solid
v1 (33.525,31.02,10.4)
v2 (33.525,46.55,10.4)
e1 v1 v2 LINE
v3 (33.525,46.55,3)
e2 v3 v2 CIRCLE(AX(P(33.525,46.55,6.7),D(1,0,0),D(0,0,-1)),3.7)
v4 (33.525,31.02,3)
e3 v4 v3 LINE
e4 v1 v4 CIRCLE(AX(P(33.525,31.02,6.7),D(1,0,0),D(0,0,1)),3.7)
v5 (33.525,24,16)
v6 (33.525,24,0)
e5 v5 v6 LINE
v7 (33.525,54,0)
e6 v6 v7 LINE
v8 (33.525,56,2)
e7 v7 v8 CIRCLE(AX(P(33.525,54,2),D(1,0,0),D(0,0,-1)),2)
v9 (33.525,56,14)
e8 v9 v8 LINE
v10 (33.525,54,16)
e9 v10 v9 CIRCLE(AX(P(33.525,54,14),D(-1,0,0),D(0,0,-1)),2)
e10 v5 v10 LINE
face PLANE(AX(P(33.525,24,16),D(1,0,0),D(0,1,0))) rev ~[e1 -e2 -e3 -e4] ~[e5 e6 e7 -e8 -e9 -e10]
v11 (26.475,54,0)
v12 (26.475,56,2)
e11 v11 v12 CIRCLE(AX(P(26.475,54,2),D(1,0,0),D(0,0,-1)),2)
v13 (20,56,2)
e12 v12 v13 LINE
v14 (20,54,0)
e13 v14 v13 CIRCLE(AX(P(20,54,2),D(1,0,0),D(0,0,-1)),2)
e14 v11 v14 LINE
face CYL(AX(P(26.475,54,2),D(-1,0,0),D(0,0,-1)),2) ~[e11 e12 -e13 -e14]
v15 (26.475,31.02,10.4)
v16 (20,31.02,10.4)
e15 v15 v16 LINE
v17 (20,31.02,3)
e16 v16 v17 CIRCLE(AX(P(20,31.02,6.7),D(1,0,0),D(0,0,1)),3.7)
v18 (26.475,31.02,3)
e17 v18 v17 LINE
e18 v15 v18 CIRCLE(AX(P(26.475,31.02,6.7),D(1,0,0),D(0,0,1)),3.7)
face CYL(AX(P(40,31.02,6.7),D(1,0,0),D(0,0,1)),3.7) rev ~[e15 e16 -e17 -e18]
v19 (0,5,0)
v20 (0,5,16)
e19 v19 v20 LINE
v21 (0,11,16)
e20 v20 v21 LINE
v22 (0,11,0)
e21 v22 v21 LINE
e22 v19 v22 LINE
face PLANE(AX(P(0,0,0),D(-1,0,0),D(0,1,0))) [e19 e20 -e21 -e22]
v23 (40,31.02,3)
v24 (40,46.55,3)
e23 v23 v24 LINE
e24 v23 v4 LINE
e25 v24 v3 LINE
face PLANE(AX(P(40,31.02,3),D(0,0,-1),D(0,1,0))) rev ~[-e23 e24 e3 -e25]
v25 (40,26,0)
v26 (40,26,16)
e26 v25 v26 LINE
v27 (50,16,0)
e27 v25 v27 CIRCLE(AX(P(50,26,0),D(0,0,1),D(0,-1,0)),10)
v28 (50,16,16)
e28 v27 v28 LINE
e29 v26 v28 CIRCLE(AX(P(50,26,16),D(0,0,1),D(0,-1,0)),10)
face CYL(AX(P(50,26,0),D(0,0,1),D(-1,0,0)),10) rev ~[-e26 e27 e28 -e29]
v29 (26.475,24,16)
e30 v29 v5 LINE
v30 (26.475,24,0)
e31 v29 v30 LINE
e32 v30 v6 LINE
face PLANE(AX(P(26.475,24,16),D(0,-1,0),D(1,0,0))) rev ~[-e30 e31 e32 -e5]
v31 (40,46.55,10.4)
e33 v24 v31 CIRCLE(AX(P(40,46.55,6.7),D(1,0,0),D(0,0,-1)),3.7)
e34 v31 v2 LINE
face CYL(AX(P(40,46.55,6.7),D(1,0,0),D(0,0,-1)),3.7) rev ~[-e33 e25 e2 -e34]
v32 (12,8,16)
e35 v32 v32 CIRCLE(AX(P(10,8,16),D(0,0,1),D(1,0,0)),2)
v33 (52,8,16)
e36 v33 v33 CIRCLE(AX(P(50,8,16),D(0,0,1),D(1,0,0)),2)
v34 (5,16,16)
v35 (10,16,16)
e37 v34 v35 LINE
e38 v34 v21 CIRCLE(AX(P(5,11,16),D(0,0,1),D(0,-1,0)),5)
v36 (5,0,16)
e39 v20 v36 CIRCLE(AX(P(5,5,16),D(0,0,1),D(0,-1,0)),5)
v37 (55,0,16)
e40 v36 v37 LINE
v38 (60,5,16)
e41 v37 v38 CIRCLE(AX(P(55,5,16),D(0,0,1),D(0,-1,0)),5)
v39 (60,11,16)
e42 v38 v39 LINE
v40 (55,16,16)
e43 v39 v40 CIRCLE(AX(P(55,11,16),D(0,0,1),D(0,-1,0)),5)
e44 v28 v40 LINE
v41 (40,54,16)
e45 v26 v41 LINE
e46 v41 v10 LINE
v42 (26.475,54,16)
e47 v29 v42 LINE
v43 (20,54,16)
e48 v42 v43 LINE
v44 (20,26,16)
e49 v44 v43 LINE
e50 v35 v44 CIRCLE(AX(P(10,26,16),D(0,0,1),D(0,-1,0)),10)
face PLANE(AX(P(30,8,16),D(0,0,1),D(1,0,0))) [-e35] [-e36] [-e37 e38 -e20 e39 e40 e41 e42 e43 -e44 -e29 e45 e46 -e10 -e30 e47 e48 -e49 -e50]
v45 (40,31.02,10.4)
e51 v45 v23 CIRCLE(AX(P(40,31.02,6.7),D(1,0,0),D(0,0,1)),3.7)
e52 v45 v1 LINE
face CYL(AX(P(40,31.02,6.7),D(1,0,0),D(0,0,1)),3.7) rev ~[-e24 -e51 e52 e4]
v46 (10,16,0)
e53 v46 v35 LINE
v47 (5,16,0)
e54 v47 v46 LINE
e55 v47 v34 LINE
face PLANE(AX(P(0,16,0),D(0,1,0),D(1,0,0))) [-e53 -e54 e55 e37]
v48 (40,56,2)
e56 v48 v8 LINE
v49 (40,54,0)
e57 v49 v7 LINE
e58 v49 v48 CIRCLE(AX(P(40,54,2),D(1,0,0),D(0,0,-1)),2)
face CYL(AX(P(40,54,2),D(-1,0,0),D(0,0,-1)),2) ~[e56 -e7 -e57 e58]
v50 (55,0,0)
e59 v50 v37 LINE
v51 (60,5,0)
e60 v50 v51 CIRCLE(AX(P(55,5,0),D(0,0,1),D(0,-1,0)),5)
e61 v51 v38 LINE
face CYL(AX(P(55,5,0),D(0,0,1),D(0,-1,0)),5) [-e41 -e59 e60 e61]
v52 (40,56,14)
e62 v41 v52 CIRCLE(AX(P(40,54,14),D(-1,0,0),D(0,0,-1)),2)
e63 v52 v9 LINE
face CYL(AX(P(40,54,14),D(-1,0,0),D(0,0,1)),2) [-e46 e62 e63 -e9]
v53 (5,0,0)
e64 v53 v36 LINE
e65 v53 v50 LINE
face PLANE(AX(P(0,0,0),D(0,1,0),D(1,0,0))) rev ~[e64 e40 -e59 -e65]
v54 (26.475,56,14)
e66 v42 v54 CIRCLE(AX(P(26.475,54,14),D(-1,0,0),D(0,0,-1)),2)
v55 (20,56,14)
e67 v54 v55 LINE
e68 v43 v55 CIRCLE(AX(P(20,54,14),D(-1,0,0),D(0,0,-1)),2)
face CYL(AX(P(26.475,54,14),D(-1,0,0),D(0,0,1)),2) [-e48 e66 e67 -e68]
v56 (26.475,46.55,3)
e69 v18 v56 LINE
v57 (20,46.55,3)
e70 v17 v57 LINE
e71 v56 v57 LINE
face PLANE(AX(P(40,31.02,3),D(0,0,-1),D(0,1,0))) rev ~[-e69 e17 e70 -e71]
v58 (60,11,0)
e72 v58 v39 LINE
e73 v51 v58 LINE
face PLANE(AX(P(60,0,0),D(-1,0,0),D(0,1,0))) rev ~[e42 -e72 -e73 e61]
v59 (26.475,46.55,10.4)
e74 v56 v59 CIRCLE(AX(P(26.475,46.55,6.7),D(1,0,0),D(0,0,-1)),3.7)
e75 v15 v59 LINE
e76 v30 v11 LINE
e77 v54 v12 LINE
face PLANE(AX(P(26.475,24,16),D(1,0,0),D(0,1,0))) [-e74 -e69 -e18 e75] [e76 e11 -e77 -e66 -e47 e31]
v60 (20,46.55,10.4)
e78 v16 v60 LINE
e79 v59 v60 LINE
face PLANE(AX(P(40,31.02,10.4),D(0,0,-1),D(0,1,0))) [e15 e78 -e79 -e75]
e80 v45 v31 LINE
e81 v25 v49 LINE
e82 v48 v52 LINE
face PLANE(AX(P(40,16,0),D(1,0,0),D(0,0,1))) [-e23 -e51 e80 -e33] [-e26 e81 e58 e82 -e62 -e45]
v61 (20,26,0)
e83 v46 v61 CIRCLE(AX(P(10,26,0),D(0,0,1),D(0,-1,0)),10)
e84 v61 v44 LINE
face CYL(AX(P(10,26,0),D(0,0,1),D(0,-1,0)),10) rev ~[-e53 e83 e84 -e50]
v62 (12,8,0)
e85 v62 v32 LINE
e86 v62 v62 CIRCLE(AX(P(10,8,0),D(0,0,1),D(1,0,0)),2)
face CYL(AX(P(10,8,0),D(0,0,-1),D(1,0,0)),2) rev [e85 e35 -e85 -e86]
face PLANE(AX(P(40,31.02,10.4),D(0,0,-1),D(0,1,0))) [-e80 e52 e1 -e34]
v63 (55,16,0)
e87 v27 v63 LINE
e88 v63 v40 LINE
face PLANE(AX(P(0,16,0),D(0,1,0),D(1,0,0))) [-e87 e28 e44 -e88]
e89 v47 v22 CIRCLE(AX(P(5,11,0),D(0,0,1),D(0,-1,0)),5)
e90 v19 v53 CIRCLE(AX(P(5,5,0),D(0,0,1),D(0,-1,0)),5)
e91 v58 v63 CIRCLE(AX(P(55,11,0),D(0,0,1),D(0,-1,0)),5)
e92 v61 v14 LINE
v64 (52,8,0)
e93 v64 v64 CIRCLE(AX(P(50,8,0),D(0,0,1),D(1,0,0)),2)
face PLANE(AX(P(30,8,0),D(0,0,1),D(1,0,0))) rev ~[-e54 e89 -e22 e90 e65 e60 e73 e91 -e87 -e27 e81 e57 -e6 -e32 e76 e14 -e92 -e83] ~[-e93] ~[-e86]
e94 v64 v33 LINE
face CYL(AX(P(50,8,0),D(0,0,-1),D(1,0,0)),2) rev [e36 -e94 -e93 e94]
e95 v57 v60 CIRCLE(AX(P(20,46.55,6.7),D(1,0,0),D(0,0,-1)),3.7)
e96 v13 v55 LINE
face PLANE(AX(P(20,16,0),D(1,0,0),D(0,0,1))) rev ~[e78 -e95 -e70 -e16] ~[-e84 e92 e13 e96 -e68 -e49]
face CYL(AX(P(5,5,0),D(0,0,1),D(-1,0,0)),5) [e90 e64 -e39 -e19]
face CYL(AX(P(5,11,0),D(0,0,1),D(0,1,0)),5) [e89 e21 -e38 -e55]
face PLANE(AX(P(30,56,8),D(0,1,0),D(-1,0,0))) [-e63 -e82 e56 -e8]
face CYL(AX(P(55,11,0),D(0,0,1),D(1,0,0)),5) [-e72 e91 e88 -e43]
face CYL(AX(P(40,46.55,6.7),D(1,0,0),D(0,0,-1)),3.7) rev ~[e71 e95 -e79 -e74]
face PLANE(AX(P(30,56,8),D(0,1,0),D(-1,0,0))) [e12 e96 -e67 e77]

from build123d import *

# Parameters (mm, degrees)
SKETCH_W        = 60
SKETCH_H        = 16
SKETCH_R        = 2
PAD_DEPTH       = 16
SKETCH002_W     = 20
SKETCH002_H     = 16
PAD001_DEPTH    = 40
SKETCH003_W     = 7.05
SKETCH003_H     = 32
POCKET_DEPTH    = 16.001
POCKET001_DEPTH = 40.001
FILLET_R        = 10
FILLET001_R     = 2
FILLET002_R     = 5


with BuildPart() as part:
    # Sketch → Pad (new body)
    with BuildSketch(Plane.XY):
        with Locations((30, 8)):
            Rectangle(SKETCH_W, SKETCH_H)
        with Locations((10, 8)):
            Circle(SKETCH_R, mode=Mode.SUBTRACT)
        with Locations((50, 8)):
            Circle(SKETCH_R, mode=Mode.SUBTRACT)
    extrude(amount=PAD_DEPTH)

    # Sketch002 (on Face3 of Pad) → Pad001 (join)
    with BuildSketch(Plane(origin=(0, 16, 0), x_dir=(-1, 0, 0), z_dir=(0, 1, 0))):
        with Locations((-30, 8)):
            Rectangle(SKETCH002_W, SKETCH002_H)
    extrude(amount=PAD001_DEPTH)

    # Sketch003 (on Face12 of Pad001) → Pocket (cut, through all)
    with BuildSketch(Plane.XY.offset(16)):
        with Locations((30, 40)):
            Rectangle(SKETCH003_W, SKETCH003_H)
    extrude(amount=-POCKET_DEPTH, mode=Mode.SUBTRACT)

    # Sketch004 (on Face8 of Pocket) → Pocket001 (cut, through all)
    with BuildSketch(Plane.YZ.offset(40)):
        with BuildLine():
            ThreePointArc((31.02, 10.4), (27.32, 6.7), (31.02, 3))
            Line((31.02, 3), (46.55, 3))
            ThreePointArc((46.55, 3), (50.25, 6.7), (46.55, 10.4))
            Line((31.02, 10.4), (46.55, 10.4))
        make_face()
    extrude(amount=-POCKET001_DEPTH, mode=Mode.SUBTRACT)

    # Fillet
    fillet_edges = [part.edges().sort_by_distance(p)[0] for p in [
        (20, 16, 8),
        (40, 16, 8),
    ]]
    fillet(fillet_edges, radius=FILLET_R)

    # Fillet001
    fillet001_edges = [part.edges().sort_by_distance(p)[0] for p in [
        (36.7625, 56, 16),
        (23.2375, 56, 16),
        (23.2375, 56, 0),
        (36.7625, 56, 0),
    ]]
    fillet(fillet001_edges, radius=FILLET001_R)

    # Fillet002
    fillet002_edges = [part.edges().sort_by_distance(p)[0] for p in [
        (0, 16, 8),
        (0, 0, 8),
        (60, 0, 8),
        (60, 16, 8),
    ]]
    fillet(fillet002_edges, radius=FILLET002_R)


solid = part.part
